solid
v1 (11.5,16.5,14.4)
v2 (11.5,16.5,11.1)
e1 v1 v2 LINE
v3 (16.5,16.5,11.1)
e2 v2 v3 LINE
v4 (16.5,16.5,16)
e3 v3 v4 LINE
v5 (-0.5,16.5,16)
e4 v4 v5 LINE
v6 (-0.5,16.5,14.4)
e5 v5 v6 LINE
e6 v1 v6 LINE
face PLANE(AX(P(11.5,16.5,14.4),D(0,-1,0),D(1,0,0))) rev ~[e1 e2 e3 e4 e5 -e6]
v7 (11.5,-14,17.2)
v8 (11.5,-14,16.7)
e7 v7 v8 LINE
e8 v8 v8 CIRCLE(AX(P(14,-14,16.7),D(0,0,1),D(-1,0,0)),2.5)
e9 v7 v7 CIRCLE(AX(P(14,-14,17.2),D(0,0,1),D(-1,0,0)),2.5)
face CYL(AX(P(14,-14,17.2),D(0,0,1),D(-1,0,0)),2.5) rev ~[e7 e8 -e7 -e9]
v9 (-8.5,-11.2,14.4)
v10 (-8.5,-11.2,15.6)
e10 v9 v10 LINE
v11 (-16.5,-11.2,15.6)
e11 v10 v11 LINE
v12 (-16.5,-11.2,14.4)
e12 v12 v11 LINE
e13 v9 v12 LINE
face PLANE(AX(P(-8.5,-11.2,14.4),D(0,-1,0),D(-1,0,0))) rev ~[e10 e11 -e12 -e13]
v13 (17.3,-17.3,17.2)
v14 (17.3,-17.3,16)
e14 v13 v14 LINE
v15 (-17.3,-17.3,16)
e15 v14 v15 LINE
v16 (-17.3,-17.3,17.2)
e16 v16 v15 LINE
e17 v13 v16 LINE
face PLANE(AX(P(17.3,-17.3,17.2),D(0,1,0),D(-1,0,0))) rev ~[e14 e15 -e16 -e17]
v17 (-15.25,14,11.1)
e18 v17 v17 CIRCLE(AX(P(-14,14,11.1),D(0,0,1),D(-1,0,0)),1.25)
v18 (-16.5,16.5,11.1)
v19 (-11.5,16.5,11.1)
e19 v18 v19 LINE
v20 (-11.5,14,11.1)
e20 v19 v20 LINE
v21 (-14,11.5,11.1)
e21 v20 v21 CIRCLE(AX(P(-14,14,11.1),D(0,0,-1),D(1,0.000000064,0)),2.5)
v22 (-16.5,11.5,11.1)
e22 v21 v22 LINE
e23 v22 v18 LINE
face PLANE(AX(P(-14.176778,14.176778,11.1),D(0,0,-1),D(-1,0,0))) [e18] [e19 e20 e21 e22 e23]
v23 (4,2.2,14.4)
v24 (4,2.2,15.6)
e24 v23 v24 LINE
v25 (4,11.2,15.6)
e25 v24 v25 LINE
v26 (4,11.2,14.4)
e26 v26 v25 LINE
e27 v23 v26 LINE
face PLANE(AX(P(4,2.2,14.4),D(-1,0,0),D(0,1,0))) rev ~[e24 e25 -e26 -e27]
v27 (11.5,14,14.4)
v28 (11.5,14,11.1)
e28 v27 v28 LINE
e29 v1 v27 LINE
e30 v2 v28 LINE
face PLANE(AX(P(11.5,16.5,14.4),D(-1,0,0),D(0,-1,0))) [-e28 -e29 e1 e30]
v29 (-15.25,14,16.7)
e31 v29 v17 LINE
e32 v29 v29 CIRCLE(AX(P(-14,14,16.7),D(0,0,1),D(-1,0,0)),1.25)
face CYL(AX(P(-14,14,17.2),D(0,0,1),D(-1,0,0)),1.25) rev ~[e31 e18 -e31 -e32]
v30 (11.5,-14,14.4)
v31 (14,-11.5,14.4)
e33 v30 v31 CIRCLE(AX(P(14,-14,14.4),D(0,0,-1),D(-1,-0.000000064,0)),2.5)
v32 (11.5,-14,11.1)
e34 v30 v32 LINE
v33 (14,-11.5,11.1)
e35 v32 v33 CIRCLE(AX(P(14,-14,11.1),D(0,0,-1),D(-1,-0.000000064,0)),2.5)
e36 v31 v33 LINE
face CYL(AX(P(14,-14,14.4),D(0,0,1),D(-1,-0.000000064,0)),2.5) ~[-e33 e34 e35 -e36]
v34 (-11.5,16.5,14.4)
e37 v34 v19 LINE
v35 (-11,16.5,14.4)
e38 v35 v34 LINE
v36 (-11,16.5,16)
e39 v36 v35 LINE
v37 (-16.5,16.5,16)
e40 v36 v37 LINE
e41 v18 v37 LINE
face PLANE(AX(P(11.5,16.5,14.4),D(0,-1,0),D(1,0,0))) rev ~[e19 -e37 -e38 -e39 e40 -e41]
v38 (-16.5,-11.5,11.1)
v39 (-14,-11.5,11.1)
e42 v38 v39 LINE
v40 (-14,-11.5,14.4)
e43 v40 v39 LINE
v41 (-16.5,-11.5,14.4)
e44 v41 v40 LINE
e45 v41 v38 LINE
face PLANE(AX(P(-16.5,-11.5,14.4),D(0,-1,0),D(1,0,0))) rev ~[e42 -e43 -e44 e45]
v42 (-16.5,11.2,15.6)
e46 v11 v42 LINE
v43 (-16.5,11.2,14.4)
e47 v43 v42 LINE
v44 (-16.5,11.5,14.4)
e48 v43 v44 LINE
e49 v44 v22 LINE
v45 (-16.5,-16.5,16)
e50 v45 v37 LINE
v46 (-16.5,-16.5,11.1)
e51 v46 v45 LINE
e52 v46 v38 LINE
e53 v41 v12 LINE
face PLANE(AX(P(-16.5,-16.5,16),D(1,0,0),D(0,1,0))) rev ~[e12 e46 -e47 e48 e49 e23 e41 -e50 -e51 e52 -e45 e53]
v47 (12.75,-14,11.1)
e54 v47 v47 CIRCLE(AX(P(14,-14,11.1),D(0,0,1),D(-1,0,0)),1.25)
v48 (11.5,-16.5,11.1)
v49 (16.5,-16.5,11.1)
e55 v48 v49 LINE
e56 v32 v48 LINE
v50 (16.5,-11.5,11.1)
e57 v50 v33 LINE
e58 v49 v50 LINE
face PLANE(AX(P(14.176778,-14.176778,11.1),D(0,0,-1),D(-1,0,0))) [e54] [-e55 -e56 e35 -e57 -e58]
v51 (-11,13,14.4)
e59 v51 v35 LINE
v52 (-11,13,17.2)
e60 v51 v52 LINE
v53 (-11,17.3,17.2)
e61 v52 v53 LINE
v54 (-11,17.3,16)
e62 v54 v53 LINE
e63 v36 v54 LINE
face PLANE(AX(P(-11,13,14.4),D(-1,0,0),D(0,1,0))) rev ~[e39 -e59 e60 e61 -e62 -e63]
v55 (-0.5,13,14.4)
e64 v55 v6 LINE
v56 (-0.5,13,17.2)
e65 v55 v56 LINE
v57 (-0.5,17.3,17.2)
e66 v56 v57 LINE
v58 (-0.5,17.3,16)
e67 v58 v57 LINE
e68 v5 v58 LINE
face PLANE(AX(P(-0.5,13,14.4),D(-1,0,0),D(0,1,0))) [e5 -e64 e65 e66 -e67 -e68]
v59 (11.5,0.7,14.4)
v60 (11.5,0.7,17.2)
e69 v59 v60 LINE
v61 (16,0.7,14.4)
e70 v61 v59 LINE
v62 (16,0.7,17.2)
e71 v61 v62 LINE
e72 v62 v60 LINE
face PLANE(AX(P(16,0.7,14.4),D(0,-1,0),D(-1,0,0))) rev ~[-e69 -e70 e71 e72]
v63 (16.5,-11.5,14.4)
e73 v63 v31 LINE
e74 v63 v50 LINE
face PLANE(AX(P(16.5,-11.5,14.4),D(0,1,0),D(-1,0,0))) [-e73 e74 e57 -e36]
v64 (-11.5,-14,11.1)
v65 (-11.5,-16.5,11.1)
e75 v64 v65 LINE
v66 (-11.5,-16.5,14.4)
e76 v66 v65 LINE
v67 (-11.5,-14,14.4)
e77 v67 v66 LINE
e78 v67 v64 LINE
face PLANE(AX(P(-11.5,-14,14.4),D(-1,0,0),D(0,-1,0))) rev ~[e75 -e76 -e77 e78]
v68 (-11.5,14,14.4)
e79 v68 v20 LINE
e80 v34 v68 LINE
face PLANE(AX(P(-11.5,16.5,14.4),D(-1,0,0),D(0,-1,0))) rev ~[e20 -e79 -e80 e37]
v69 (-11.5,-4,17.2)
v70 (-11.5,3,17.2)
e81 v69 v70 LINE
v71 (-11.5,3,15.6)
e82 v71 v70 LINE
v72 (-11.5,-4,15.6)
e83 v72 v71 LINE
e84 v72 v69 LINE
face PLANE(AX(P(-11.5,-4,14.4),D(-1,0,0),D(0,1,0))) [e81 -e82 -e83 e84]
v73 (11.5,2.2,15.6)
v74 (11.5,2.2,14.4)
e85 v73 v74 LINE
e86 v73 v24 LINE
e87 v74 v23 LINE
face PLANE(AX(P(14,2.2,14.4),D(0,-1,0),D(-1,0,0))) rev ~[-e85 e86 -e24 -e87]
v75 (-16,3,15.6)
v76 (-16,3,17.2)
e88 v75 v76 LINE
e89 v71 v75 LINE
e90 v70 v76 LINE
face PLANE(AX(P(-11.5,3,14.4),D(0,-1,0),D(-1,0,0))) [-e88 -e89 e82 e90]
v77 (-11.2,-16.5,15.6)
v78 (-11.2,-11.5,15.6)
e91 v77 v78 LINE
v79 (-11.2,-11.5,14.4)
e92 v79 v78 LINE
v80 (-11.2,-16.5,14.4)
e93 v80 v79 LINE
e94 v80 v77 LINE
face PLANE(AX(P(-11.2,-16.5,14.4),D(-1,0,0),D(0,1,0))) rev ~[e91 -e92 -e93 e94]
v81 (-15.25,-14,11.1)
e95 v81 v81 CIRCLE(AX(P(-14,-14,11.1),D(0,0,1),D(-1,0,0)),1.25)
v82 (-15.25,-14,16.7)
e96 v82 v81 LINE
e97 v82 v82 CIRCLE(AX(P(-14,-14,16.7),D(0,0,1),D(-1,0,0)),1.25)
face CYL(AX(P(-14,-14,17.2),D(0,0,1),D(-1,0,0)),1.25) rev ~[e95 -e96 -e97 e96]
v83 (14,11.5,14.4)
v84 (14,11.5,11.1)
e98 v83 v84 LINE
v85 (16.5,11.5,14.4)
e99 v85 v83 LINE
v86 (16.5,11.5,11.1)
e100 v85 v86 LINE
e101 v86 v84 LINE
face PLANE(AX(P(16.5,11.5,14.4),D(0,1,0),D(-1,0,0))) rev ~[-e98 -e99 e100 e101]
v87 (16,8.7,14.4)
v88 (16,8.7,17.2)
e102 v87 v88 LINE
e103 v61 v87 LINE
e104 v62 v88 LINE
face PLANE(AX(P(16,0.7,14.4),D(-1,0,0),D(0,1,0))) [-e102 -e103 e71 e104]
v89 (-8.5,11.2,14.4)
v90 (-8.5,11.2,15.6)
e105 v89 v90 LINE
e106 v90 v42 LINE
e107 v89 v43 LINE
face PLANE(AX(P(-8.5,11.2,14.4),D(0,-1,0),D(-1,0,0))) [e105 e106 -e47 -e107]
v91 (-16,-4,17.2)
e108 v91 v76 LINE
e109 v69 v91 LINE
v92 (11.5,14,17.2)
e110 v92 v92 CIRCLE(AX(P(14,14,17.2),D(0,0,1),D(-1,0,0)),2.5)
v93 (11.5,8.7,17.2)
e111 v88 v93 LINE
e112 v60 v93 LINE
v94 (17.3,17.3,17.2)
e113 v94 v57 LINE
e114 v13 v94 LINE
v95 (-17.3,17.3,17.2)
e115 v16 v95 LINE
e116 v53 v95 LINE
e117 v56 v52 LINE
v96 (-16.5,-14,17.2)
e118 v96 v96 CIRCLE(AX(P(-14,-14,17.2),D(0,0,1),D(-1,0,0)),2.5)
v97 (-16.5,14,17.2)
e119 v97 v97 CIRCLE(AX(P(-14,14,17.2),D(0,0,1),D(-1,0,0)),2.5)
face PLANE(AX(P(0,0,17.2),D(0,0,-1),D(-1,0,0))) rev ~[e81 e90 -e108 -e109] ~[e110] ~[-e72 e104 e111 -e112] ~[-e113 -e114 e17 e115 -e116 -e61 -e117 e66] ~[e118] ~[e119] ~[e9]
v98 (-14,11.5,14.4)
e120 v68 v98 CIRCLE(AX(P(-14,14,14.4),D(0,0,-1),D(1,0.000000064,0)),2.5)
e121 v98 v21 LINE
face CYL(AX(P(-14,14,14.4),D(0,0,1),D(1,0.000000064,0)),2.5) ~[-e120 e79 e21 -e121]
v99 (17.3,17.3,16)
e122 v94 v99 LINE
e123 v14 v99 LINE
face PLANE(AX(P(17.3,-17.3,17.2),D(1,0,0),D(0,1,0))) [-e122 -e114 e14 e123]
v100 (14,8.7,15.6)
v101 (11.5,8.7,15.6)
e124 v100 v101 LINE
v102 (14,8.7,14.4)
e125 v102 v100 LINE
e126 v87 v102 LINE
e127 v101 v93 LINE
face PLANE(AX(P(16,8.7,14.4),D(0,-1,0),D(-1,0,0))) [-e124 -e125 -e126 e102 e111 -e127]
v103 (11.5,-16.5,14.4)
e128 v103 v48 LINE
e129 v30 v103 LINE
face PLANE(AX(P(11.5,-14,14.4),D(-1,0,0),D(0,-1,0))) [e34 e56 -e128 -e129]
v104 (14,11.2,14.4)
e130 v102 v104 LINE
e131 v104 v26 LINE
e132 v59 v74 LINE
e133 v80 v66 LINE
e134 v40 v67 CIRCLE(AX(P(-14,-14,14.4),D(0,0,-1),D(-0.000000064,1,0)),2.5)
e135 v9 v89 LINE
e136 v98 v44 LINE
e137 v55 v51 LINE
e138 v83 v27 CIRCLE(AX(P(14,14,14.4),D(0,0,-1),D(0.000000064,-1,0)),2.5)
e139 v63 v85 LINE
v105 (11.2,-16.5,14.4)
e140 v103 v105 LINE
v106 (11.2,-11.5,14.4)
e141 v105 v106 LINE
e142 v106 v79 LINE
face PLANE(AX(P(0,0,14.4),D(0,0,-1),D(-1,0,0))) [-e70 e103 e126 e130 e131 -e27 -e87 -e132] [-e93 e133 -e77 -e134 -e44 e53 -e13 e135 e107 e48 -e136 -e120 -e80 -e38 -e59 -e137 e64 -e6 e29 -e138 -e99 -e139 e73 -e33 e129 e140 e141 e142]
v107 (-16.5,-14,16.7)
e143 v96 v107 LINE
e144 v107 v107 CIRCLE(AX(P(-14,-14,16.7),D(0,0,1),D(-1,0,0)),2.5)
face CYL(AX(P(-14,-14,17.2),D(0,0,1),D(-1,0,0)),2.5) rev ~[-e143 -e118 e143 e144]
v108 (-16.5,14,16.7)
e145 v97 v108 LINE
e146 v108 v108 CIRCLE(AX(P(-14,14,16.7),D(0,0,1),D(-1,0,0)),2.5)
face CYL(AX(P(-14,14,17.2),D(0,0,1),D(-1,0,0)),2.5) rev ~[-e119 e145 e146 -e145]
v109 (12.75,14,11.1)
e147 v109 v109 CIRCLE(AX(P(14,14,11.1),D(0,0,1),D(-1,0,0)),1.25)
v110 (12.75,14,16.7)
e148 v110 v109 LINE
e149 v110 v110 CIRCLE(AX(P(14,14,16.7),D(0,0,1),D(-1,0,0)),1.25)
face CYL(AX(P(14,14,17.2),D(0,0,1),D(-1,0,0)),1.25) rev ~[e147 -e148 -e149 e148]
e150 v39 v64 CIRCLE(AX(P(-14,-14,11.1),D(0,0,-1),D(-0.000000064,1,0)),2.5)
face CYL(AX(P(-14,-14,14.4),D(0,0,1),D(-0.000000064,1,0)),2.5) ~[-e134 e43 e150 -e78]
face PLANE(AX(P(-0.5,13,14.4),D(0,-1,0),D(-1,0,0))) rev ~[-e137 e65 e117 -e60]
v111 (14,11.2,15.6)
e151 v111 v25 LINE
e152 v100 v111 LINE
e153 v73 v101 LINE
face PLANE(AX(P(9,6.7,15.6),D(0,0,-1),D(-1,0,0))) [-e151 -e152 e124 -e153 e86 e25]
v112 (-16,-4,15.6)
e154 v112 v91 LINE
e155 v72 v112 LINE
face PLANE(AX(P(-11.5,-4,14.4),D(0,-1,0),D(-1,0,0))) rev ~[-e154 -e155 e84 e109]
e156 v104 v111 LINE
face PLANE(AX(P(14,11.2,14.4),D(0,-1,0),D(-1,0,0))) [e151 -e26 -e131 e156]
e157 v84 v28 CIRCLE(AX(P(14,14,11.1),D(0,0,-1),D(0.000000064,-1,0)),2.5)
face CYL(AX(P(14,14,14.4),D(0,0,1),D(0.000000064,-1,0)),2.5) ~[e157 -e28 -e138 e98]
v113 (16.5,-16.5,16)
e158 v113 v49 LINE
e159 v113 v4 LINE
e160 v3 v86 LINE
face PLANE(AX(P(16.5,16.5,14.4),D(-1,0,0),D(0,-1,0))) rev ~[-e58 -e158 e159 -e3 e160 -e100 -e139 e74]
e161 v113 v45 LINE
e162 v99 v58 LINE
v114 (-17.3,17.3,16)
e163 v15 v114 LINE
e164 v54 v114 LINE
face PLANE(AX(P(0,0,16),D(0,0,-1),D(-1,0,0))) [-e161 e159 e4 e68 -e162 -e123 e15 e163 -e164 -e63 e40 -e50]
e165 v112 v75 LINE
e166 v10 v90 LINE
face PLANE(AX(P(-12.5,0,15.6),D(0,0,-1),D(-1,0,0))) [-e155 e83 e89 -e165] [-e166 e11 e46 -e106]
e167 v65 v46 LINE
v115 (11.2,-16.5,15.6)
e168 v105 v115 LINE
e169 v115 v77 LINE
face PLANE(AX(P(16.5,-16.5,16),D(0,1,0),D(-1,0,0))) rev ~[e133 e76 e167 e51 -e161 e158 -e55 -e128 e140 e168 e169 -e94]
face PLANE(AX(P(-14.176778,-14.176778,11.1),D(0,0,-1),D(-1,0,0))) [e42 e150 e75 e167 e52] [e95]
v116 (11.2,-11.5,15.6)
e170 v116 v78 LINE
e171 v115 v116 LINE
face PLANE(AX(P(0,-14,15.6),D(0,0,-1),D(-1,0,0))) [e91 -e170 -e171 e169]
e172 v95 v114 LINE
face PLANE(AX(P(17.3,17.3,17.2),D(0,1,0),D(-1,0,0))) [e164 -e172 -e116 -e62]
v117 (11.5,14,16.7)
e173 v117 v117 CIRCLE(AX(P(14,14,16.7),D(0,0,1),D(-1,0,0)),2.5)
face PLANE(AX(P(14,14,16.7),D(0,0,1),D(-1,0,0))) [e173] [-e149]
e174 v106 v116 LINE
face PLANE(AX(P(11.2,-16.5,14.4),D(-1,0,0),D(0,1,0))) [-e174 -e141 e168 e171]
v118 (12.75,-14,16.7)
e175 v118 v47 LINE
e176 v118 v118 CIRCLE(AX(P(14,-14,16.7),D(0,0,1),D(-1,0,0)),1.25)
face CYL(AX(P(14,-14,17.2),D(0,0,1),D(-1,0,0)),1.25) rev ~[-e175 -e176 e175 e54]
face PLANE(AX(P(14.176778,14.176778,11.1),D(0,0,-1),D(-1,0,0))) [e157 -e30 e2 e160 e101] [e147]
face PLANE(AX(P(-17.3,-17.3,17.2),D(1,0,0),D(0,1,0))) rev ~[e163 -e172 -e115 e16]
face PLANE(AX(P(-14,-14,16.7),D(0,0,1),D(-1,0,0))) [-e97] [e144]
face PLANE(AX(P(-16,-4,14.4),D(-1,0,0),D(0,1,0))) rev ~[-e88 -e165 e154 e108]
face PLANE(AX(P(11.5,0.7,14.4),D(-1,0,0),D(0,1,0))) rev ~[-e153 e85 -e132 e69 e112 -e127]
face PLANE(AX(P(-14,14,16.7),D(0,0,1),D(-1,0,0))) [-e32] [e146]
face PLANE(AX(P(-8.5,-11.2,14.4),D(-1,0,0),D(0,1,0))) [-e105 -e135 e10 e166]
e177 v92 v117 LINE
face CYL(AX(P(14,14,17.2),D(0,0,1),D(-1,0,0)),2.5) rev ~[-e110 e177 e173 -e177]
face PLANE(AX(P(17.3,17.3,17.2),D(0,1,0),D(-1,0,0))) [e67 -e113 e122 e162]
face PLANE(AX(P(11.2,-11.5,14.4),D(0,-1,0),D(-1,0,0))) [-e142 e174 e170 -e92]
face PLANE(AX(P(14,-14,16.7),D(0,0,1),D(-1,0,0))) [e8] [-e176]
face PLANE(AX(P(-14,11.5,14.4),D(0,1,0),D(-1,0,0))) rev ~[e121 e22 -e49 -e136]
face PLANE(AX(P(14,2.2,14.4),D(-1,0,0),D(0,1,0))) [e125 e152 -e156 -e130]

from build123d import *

# Parameters (mm, degrees)
CLONE2D_W                = 34.6
CLONE2D_H                = 34.6
PAD004_DEPTH             = 1.2
SKETCH019_W              = 33
SKETCH019_H              = 33
PAD005_DEPTH             = 1.6
PAD006_DEPTH             = 3.3
SKETCH021_W              = 8
SKETCH021_H              = 22.4
SKETCH021_W_2            = 22.4
SKETCH021_H_2            = 5
SKETCH021_W_3            = 10
SKETCH021_H_3            = 9
POCKET014_DEPTH          = 1.2
SKETCH022_R              = 2.5
POCKET015_DEPTH          = 0.5
SKETCH023_R              = 1.25
POCKET016_DEPTH          = 6.101
SKETCH024_W              = 10.5
SKETCH024_H              = 4.5
SKETCH024_W_2            = 4.5
SKETCH024_H_2            = 8
SKETCH024_H_3            = 7
POCKET017_DEPTH          = 2.801
CLONE002_PLACEMENT_ANGLE = 180


with BuildPart() as part:
    # Clone2D → Pad004 (new body)
    with BuildSketch(Plane.XY):
        Rectangle(CLONE2D_W, CLONE2D_H)
    extrude(amount=PAD004_DEPTH)

    # Sketch019 → Pad005 (new body)
    with BuildSketch(Plane.XY.offset(1.2)):
        Rectangle(SKETCH019_W, SKETCH019_H)
    extrude(amount=PAD005_DEPTH)

    # Sketch020 → Pad006 (new body)
    with BuildSketch(Plane.XY.offset(2.8)):
        with BuildLine():
            ThreePointArc((-14, 11.5), (-12.232233, 12.232233), (-11.5, 14))
            Line((-11.5, 16.5), (-11.5, 14))
            Line((-11.5, 16.5), (-16.5, 16.5))
            Line((-16.5, 16.5), (-16.5, 11.5))
            Line((-16.5, 11.5), (-14, 11.5))
        make_face()
        with BuildLine():
            ThreePointArc((11.5, 14), (12.232233, 12.232233), (14, 11.5))
            Line((14, 11.5), (16.5, 11.5))
            Line((16.5, 11.5), (16.5, 16.5))
            Line((16.5, 16.5), (11.5, 16.5))
            Line((11.5, 16.5), (11.5, 14))
        make_face()
        with BuildLine():
            ThreePointArc((-11.5, -14), (-12.232233, -12.232233), (-14, -11.5))
            Line((-16.5, -11.5), (-14, -11.5))
            Line((-16.5, -16.5), (-16.5, -11.5))
            Line((-11.5, -16.5), (-16.5, -16.5))
            Line((-11.5, -14), (-11.5, -16.5))
        make_face()
        with BuildLine():
            ThreePointArc((14, -11.5), (12.232233, -12.232233), (11.5, -14))
            Line((11.5, -14), (11.5, -16.5))
            Line((11.5, -16.5), (16.5, -16.5))
            Line((16.5, -16.5), (16.5, -11.5))
            Line((16.5, -11.5), (14, -11.5))
        make_face()
    extrude(amount=PAD006_DEPTH)

    # Sketch021 → Pocket014 (cut)
    with BuildSketch(Plane.XY.offset(2.8)):
        with Locations((12.5, 0)):
            Rectangle(SKETCH021_W, SKETCH021_H)
        with Locations((0, -14)):
            Rectangle(SKETCH021_W_2, SKETCH021_H_2)
        with Locations((-9, 6.7)):
            Rectangle(SKETCH021_W_3, SKETCH021_H_3)
    extrude(amount=-POCKET014_DEPTH, mode=Mode.SUBTRACT)

    # Sketch022 → Pocket015 (cut)
    with BuildSketch(Plane(origin=(0, 0, 0), x_dir=(1, 0, 0), z_dir=(0, 0, -1))):
        with Locations((-14, 14)):
            Circle(SKETCH022_R)
        with Locations((14, 14)):
            Circle(SKETCH022_R)
        with Locations((-14, -14)):
            Circle(SKETCH022_R)
        with Locations((14, -14)):
            Circle(SKETCH022_R)
    extrude(amount=-POCKET015_DEPTH, mode=Mode.SUBTRACT)

    # Sketch023 → Pocket016 (cut, through all)
    with BuildSketch(Plane(origin=(0, 0, 0), x_dir=(1, 0, 0), z_dir=(0, 0, -1))):
        with Locations((-14, 14)):
            Circle(SKETCH023_R)
        with Locations((14, 14)):
            Circle(SKETCH023_R)
        with Locations((-14, -14)):
            Circle(SKETCH023_R)
        with Locations((14, -14)):
            Circle(SKETCH023_R)
    extrude(amount=-POCKET016_DEPTH, mode=Mode.SUBTRACT)

    # Sketch024 → Pocket017 (cut, through all)
    with BuildSketch(Plane.XY.offset(2.8)):
        with Locations((5.75, 15.25)):
            Rectangle(SKETCH024_W, SKETCH024_H)
        with Locations((-13.75, 4.7)):
            Rectangle(SKETCH024_W_2, SKETCH024_H_2)
        with Locations((13.75, -0.5)):
            Rectangle(SKETCH024_W_2, SKETCH024_H_3)
    extrude(amount=-POCKET017_DEPTH, mode=Mode.SUBTRACT)


with BuildPart() as part_1:
    # Clone002 placement: moved
    add(part.part.moved(Location((0, 0, 17.2))).rotate(Axis((0, 0, 17.2), (0, 1, 0)), CLONE002_PLACEMENT_ANGLE))


solid = part_1.part
